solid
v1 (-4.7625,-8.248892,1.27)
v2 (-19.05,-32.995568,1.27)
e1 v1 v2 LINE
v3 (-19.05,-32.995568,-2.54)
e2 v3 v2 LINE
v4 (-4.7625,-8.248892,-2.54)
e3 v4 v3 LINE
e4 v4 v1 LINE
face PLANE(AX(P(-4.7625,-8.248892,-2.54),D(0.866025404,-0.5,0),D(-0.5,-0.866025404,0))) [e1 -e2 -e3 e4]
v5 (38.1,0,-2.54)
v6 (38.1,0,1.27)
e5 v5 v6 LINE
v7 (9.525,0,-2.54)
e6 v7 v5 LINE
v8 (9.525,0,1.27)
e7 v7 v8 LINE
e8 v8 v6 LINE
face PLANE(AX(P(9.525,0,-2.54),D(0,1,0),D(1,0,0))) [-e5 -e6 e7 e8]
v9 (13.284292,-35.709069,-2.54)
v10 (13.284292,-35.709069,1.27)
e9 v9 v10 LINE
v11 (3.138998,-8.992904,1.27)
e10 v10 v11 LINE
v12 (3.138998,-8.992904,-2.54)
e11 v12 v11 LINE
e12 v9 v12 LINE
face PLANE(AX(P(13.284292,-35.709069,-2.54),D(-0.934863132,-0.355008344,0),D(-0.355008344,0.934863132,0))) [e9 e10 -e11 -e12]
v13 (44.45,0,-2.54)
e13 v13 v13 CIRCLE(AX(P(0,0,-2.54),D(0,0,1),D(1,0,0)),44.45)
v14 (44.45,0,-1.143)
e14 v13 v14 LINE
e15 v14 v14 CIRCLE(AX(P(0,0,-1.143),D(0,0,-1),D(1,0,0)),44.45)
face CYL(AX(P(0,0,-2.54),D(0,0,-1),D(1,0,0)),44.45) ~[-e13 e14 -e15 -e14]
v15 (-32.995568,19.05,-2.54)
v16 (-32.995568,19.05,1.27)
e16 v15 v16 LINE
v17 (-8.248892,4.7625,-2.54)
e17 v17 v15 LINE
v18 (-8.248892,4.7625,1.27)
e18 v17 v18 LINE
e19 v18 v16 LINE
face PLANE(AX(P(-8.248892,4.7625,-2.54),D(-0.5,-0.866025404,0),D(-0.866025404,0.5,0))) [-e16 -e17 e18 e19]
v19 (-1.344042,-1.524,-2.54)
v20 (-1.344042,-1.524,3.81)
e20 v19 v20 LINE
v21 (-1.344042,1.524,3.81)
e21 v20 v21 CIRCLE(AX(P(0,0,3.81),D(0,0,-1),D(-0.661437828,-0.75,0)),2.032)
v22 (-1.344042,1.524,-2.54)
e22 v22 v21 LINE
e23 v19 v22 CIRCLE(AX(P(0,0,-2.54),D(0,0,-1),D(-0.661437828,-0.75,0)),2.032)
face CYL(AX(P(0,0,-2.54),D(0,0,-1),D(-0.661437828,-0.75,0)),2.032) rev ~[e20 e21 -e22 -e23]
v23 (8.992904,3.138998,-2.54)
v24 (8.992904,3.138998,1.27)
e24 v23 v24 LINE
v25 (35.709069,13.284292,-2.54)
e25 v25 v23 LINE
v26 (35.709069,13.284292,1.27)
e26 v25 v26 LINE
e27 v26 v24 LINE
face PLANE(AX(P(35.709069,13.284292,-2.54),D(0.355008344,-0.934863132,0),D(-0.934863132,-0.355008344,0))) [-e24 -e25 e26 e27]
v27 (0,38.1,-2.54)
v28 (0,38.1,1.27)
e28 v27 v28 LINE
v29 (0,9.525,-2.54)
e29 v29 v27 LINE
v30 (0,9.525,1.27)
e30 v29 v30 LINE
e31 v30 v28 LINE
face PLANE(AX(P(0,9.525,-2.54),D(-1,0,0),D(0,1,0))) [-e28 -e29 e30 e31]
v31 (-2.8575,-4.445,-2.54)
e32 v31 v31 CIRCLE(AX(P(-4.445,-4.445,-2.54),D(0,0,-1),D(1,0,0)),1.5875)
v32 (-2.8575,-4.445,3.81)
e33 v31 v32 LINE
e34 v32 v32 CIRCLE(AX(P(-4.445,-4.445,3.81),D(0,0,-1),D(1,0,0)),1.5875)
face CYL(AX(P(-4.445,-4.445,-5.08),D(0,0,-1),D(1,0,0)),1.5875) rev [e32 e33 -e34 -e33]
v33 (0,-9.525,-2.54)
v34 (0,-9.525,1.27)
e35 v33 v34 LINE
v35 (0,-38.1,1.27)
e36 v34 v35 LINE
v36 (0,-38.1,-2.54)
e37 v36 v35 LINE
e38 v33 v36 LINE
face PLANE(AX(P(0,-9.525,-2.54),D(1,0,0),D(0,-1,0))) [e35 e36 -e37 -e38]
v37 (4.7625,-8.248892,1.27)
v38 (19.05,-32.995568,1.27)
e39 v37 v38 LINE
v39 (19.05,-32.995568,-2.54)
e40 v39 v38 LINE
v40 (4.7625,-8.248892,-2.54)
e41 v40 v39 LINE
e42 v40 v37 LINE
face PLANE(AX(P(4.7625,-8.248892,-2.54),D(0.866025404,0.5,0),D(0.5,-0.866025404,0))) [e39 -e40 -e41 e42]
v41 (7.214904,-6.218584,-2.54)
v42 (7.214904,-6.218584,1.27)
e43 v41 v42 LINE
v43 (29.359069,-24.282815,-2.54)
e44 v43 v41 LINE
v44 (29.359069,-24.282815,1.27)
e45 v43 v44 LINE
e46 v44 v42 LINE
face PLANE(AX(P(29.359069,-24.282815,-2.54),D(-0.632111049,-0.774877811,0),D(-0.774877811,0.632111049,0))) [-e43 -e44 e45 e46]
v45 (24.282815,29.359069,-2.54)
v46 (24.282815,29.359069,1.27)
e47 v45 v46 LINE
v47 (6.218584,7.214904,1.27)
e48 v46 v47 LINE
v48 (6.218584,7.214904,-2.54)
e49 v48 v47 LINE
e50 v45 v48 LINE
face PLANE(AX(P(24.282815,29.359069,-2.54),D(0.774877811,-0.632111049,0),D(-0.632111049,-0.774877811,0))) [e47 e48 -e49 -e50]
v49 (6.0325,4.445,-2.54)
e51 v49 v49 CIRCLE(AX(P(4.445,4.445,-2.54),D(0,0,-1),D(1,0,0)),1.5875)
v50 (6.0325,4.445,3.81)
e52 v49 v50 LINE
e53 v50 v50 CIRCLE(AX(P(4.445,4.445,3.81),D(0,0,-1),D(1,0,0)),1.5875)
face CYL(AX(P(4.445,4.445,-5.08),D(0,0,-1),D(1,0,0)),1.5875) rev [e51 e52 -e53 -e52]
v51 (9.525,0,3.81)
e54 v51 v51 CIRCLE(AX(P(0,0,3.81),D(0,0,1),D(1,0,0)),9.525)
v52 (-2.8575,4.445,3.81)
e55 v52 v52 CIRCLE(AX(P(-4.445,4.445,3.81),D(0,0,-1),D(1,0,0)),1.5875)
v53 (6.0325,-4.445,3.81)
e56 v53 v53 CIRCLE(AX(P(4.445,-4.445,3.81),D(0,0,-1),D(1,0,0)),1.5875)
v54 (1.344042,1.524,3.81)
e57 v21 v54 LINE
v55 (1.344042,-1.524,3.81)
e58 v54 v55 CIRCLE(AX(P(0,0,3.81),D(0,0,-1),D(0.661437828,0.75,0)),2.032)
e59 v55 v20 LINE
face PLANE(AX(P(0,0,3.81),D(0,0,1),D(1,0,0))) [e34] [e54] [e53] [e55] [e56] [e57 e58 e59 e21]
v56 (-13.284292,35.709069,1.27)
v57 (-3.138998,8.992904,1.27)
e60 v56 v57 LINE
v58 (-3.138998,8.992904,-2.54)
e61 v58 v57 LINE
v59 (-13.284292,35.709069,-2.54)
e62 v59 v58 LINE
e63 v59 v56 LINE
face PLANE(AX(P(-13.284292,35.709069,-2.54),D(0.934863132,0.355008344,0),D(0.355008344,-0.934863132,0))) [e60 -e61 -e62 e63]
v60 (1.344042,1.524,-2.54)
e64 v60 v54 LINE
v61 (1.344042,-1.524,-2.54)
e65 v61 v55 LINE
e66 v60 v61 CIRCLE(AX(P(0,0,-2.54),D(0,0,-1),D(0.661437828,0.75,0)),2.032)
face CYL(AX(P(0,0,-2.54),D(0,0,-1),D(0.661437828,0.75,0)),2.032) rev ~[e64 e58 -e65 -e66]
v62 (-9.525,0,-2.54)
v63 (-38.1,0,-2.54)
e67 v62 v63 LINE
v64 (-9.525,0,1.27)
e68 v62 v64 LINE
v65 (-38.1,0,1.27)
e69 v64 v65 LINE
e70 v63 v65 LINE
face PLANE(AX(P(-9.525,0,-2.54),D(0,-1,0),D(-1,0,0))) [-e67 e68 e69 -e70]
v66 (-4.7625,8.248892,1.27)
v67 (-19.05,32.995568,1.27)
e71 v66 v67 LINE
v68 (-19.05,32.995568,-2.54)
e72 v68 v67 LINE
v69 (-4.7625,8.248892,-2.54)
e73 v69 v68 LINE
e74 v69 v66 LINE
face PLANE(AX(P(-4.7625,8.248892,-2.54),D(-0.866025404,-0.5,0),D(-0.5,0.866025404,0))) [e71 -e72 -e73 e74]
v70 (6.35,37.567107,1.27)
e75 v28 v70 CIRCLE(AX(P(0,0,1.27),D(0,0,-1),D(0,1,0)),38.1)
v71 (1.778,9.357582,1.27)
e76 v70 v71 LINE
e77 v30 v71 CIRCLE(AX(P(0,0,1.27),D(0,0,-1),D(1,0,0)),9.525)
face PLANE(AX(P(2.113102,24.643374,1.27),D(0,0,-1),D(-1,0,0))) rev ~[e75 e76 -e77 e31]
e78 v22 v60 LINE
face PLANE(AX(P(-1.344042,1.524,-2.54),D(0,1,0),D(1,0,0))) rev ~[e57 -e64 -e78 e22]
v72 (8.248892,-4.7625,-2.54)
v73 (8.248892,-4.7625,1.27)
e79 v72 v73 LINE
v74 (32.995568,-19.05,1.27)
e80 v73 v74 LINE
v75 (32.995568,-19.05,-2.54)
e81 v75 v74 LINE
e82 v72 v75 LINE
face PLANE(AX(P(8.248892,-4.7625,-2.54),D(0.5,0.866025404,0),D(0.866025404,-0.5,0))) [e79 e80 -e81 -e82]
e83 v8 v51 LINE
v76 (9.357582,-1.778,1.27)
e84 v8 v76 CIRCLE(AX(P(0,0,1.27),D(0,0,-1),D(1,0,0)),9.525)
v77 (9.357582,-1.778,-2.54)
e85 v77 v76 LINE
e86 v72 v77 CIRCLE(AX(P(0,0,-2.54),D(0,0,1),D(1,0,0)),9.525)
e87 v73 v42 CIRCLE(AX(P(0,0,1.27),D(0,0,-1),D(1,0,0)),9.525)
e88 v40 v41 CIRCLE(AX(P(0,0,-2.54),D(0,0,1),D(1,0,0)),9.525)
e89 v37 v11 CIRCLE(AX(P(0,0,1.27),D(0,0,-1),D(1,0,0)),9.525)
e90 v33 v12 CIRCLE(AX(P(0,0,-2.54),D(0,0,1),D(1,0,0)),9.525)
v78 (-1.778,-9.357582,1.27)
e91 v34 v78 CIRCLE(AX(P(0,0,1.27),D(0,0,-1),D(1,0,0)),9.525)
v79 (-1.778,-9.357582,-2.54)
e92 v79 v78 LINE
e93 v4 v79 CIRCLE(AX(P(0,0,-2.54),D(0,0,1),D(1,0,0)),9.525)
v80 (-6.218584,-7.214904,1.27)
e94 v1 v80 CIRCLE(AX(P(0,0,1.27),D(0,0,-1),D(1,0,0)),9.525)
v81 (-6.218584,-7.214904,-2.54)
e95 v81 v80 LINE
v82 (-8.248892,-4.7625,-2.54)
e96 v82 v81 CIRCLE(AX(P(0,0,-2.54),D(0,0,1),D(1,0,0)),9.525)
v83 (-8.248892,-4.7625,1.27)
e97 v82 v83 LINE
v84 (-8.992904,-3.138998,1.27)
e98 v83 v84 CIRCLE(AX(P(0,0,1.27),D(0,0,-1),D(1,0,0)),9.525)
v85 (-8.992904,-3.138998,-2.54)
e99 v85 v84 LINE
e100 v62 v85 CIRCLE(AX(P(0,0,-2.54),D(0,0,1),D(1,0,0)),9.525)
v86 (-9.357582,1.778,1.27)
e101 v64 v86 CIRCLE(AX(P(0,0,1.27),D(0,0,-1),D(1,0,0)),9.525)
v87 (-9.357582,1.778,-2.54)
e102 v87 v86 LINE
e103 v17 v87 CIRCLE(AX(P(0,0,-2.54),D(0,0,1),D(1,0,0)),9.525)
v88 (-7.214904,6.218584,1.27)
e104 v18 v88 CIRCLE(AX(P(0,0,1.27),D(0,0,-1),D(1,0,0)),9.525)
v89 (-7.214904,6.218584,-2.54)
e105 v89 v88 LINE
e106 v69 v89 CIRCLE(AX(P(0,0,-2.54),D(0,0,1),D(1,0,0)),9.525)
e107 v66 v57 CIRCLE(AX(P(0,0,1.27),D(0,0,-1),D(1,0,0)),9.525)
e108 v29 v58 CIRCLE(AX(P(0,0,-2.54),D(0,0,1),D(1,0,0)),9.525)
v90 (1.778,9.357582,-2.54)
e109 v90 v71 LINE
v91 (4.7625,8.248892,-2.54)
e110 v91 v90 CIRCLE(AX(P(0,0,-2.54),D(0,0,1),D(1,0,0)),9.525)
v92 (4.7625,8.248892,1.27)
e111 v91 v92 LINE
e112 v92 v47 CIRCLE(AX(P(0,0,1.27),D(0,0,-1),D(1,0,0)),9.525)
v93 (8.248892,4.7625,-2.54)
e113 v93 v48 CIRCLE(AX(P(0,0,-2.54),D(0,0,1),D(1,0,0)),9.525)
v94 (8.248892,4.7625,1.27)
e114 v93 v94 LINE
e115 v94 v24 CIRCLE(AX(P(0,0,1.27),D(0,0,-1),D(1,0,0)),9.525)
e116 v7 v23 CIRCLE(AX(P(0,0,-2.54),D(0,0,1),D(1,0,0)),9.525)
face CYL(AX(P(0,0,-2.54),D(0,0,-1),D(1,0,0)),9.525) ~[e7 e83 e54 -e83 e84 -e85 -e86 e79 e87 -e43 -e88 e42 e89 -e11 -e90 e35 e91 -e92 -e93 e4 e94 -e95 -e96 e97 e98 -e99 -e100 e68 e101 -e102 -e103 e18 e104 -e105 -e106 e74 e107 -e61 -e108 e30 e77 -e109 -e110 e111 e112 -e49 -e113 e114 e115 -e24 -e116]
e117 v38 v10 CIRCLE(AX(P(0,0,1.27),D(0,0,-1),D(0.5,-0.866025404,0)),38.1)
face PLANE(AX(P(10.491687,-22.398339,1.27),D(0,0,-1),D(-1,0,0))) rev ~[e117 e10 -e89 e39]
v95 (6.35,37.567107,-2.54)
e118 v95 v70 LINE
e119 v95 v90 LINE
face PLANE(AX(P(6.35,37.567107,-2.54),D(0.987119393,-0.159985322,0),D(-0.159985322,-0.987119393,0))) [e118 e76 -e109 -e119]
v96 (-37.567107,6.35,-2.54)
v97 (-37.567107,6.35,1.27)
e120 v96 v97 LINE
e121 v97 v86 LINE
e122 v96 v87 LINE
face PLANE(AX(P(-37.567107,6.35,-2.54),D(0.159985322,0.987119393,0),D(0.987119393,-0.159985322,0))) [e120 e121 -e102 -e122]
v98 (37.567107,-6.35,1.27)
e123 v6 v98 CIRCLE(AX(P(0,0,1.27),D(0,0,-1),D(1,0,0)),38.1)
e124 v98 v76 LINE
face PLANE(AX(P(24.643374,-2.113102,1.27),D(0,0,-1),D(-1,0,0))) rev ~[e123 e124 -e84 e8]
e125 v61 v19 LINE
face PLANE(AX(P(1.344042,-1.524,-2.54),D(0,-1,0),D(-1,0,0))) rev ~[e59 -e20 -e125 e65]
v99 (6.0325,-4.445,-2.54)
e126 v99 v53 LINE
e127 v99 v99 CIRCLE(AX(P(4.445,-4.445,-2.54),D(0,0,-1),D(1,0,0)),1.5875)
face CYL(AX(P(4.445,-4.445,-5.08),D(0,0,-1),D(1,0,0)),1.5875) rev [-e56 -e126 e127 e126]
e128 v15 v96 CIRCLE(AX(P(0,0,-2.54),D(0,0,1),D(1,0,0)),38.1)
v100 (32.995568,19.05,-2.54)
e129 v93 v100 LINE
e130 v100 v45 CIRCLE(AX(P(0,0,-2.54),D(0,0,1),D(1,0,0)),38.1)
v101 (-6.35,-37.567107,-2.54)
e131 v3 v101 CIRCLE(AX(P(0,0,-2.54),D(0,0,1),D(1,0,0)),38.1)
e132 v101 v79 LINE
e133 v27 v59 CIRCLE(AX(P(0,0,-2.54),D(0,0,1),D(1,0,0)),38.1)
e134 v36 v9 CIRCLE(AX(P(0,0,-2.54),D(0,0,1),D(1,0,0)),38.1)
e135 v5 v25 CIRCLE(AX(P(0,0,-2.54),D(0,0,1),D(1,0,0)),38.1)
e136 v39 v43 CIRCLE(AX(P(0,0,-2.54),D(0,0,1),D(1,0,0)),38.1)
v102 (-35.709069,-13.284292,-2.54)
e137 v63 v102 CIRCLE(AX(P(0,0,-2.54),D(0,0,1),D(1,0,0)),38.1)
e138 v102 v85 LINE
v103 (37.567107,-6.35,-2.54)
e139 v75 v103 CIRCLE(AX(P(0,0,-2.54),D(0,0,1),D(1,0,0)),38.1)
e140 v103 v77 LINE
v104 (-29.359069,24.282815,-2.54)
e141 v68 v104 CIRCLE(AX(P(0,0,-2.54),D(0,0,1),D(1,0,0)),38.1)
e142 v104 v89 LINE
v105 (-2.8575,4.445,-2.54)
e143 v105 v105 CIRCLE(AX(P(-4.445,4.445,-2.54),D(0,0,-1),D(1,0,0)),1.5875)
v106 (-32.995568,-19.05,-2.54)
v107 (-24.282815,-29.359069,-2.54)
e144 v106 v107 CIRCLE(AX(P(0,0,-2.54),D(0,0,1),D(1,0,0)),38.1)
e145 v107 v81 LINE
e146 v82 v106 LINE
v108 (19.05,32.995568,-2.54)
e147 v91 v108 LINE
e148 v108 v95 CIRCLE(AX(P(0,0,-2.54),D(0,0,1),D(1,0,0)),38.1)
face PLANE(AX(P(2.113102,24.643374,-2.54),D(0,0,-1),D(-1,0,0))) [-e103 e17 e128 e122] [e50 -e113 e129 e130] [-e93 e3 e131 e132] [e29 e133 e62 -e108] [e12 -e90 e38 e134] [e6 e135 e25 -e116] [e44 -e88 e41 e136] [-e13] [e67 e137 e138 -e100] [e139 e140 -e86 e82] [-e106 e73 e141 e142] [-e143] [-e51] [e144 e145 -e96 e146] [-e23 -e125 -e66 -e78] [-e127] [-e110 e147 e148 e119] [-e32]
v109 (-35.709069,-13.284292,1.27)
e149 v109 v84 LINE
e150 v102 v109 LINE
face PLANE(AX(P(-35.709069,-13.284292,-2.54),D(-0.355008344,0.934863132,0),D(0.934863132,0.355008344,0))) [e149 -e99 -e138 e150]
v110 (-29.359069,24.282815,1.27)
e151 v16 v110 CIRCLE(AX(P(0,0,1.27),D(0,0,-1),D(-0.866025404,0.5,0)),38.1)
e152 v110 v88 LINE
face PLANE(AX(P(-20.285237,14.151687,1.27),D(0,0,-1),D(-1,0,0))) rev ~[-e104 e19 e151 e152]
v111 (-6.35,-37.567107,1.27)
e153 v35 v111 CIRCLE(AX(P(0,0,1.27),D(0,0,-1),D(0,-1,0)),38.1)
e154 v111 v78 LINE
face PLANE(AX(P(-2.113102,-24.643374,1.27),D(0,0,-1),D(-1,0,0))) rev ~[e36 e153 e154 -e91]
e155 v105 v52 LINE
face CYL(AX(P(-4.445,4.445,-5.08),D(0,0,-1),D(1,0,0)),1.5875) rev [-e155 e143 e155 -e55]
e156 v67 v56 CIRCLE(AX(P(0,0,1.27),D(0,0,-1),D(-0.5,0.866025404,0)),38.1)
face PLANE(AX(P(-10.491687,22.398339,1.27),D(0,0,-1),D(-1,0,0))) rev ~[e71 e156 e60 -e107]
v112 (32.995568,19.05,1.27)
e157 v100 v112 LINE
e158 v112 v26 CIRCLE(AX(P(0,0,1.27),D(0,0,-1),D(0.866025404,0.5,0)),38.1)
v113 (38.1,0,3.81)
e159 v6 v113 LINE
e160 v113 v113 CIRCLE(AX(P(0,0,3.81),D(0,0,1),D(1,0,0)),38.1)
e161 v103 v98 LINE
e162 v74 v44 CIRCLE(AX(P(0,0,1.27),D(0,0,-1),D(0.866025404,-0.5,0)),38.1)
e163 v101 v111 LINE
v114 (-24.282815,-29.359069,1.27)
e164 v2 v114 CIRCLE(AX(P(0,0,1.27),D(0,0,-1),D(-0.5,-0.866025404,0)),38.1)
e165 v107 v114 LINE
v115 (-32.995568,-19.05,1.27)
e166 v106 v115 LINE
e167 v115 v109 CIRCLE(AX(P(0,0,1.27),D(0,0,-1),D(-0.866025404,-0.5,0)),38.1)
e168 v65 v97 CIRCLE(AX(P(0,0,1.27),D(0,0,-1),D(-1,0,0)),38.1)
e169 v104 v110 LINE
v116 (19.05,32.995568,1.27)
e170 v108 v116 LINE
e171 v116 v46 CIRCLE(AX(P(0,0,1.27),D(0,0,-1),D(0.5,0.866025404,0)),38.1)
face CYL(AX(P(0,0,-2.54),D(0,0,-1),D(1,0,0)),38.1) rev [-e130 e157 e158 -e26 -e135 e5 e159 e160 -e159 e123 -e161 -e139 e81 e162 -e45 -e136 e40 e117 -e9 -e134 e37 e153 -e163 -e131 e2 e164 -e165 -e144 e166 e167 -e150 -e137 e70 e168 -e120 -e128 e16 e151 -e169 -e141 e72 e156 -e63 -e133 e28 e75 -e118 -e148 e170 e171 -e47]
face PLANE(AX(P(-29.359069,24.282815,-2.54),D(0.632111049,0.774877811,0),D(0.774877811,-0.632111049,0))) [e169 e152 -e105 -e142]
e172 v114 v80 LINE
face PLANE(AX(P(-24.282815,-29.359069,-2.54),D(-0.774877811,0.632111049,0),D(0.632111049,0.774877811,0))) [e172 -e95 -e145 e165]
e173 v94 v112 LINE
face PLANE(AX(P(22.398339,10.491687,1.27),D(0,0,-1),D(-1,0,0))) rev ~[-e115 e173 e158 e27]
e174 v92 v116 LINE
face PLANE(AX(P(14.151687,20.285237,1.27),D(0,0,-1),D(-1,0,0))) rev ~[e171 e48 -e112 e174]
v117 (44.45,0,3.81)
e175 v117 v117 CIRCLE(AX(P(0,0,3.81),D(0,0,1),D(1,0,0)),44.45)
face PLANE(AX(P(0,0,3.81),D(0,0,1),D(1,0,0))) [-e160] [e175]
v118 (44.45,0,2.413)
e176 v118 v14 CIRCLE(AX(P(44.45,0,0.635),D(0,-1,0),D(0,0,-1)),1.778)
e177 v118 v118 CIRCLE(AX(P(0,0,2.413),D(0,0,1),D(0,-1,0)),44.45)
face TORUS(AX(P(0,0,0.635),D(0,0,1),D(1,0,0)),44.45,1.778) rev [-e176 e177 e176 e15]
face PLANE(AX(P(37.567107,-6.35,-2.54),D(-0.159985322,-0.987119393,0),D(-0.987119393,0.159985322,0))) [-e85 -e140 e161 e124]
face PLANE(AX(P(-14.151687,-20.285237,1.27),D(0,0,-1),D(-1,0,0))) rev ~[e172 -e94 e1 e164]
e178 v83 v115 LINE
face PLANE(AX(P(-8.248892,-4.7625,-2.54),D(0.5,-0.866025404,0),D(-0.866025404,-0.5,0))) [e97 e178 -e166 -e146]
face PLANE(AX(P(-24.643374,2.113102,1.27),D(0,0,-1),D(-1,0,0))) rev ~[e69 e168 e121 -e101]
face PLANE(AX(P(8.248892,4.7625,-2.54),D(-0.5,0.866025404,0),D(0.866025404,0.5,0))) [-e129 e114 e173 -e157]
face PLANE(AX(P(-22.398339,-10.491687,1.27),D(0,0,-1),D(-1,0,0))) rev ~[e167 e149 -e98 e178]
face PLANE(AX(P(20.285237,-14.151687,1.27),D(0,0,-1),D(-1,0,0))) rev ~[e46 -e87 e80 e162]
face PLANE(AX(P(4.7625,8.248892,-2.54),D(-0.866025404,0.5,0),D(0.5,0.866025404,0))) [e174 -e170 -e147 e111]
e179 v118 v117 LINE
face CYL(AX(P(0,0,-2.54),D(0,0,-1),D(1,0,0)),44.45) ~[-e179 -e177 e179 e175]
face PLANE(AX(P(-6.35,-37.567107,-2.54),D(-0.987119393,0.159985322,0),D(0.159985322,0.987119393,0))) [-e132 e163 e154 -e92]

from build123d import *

# Parameters (mm, degrees)
BOSS_EXTRUDE1_DEPTH        = 3.81
BOSS_EXTRUDE1_DEPTH_BACK   = 2.54
SKETCH1_R                  = 44.45
SKETCH1_R_2                = 38.1
BOSS_EXTRUDE1_2_DEPTH      = 3.81
BOSS_EXTRUDE1_2_DEPTH_BACK = 2.54
SKETCH1_R_3                = 9.525
BOSS_EXTRUDE2_DEPTH        = 1.27
BOSS_EXTRUDE2_DEPTH_BACK   = 2.54
CUT_EXTRUDE1_DEPTH         = 5.08
CUT_EXTRUDE1_DEPTH_BACK    = 5.08
SKETCH4_R                  = 1.5875
SKETCH6_R                  = 1.778


with BuildPart() as part:
    # Sketch1 → Boss-Extrude1 (new, two sides: drawn at the far end of the back side and taken through both)
    with BuildSketch(Plane.XY.offset(-BOSS_EXTRUDE1_DEPTH_BACK)):
        Circle(SKETCH1_R)
        Circle(SKETCH1_R_2, mode=Mode.SUBTRACT)
    extrude(amount=BOSS_EXTRUDE1_DEPTH + BOSS_EXTRUDE1_DEPTH_BACK)



with BuildPart() as body_2:
    # Sketch1 → Boss-Extrude1 2 (new, two sides: drawn at the far end of the back side and taken through both)
    with BuildSketch(Plane.XY.offset(-BOSS_EXTRUDE1_2_DEPTH_BACK)):
        Circle(SKETCH1_R_3)
        with BuildLine():
            Line((-1.344041666, 1.524), (1.344041666, 1.524))
            ThreePointArc((1.344041666, 1.524), (2.032, 0), (1.344041666, -1.524))
            Line((1.344041666, -1.524), (-1.344041666, -1.524))
            ThreePointArc((-1.344041666, -1.524), (-2.032, 0), (-1.344041666, 1.524))
        make_face(mode=Mode.SUBTRACT)
    extrude(amount=BOSS_EXTRUDE1_2_DEPTH + BOSS_EXTRUDE1_2_DEPTH_BACK)


with BuildPart() as part_1:
    add(part.part)

    add(body_2.part)  # Boss-Extrude2 merges body 2
    # Sketch2 → Boss-Extrude2 (add, two sides: drawn at the far end of the back side and taken through both)
    with BuildSketch(Plane.XY.offset(-BOSS_EXTRUDE2_DEPTH_BACK)):
        with BuildLine():
            Line((0, 9.525), (0, 38.1))
            ThreePointArc((0, 38.1), (3.186160517, 37.966542918), (6.35, 37.567106623))
            Line((6.35, 37.567106623), (1.778, 9.357582006))
            Line((1.778, 9.357582006), (0, 9.525))
        make_face()
        with BuildLine():
            Line((4.7625, 8.248891971), (19.05, 32.995567884))
            ThreePointArc((19.05, 32.995567884), (21.742567407, 31.286910403), (24.282814625, 29.359068682))
            Line((24.282814625, 29.359068682), (6.218584171, 7.214903735))
            Line((6.218584171, 7.214903735), (4.7625, 8.248891971))
        make_face()
        with BuildLine():
            Line((8.248891971, 4.7625), (32.995567884, 19.05))
            ThreePointArc((32.995567884, 19.05), (34.473070919, 16.223975511), (35.709068682, 13.284291997))
            Line((35.709068682, 13.284291997), (8.992903735, 3.138997835))
            Line((8.992903735, 3.138997835), (8.248891971, 4.7625))
        make_face()
        with BuildLine():
            Line((9.525, 0), (38.1, 0))
            ThreePointArc((38.1, 0), (37.966542918, -3.186160517), (37.567106623, -6.35))
            Line((37.567106623, -6.35), (9.357582006, -1.778))
            Line((9.357582006, -1.778), (9.525, 0))
        make_face()
        with BuildLine():
            Line((8.248891971, -4.7625), (32.995567884, -19.05))
            ThreePointArc((32.995567884, -19.05), (31.286910403, -21.742567407), (29.359068682, -24.282814625))
            Line((29.359068682, -24.282814625), (7.214903735, -6.218584171))
            Line((7.214903735, -6.218584171), (8.248891971, -4.7625))
        make_face()
        with BuildLine():
            Line((4.7625, -8.248891971), (19.05, -32.995567884))
            ThreePointArc((19.05, -32.995567884), (16.223975511, -34.473070919), (13.284291997, -35.709068682))
            Line((13.284291997, -35.709068682), (3.138997835, -8.992903735))
            Line((3.138997835, -8.992903735), (4.7625, -8.248891971))
        make_face()
        with BuildLine():
            Line((0, -9.525), (0, -38.1))
            ThreePointArc((0, -38.1), (-3.186160517, -37.966542918), (-6.35, -37.567106623))
            Line((-6.35, -37.567106623), (-1.778, -9.357582006))
            Line((-1.778, -9.357582006), (0, -9.525))
        make_face()
        with BuildLine():
            Line((-4.7625, -8.248891971), (-19.05, -32.995567884))
            ThreePointArc((-19.05, -32.995567884), (-21.742567407, -31.286910403), (-24.282814625, -29.359068682))
            Line((-24.282814625, -29.359068682), (-6.218584171, -7.214903735))
            Line((-6.218584171, -7.214903735), (-4.7625, -8.248891971))
        make_face()
        with BuildLine():
            Line((-8.248891971, -4.7625), (-32.995567884, -19.05))
            ThreePointArc((-32.995567884, -19.05), (-34.473070919, -16.223975511), (-35.709068682, -13.284291997))
            Line((-35.709068682, -13.284291997), (-8.992903735, -3.138997835))
            Line((-8.992903735, -3.138997835), (-8.248891971, -4.7625))
        make_face()
        with BuildLine():
            Line((-9.525, 0), (-38.1, 0))
            ThreePointArc((-38.1, 0), (-37.966542918, 3.186160517), (-37.567106623, 6.35))
            Line((-37.567106623, 6.35), (-9.357582006, 1.778))
            Line((-9.357582006, 1.778), (-9.525, 0))
        make_face()
        with BuildLine():
            Line((-8.248891971, 4.7625), (-32.995567884, 19.05))
            ThreePointArc((-32.995567884, 19.05), (-31.286910403, 21.742567407), (-29.359068682, 24.282814625))
            Line((-29.359068682, 24.282814625), (-7.214903735, 6.218584171))
            Line((-7.214903735, 6.218584171), (-8.248891971, 4.7625))
        make_face()
        with BuildLine():
            Line((-4.7625, 8.248891971), (-19.05, 32.995567884))
            ThreePointArc((-19.05, 32.995567884), (-16.223975511, 34.473070919), (-13.284291997, 35.709068682))
            Line((-13.284291997, 35.709068682), (-3.138997835, 8.992903735))
            Line((-3.138997835, 8.992903735), (-4.7625, 8.248891971))
        make_face()
    extrude(amount=BOSS_EXTRUDE2_DEPTH + BOSS_EXTRUDE2_DEPTH_BACK)

    # Sketch4 → Cut-Extrude1 (cut, two sides: drawn at the far end of the back side and taken through both)
    with BuildSketch(Plane.XY.offset(-CUT_EXTRUDE1_DEPTH_BACK)):
        with Locations((-4.445, 4.445)):
            Circle(SKETCH4_R)
        with Locations((4.445, 4.445)):
            Circle(SKETCH4_R)
        with Locations((4.445, -4.445)):
            Circle(SKETCH4_R)
        with Locations((-4.445, -4.445)):
            Circle(SKETCH4_R)
    extrude(amount=CUT_EXTRUDE1_DEPTH + CUT_EXTRUDE1_DEPTH_BACK, mode=Mode.SUBTRACT)

    # Sketch6 → Cut-Revolve1 (revolve, cut)
    with BuildSketch(Plane(origin=(0, 0, 0), x_dir=(0, 0, -1), z_dir=(1, 0, 0)), mode=Mode.PRIVATE) as cut_revolve1_sk:
        with Locations((-0.635, 44.45)):
            Circle(SKETCH6_R)
    revolve(cut_revolve1_sk.sketch.rotate(Axis((0, 0, 17.923706186), (0, 0, -1)), 90), axis=Axis((0, 0, 17.923706186), (0, 0, -1)), mode=Mode.SUBTRACT)


solid = part_1.part
